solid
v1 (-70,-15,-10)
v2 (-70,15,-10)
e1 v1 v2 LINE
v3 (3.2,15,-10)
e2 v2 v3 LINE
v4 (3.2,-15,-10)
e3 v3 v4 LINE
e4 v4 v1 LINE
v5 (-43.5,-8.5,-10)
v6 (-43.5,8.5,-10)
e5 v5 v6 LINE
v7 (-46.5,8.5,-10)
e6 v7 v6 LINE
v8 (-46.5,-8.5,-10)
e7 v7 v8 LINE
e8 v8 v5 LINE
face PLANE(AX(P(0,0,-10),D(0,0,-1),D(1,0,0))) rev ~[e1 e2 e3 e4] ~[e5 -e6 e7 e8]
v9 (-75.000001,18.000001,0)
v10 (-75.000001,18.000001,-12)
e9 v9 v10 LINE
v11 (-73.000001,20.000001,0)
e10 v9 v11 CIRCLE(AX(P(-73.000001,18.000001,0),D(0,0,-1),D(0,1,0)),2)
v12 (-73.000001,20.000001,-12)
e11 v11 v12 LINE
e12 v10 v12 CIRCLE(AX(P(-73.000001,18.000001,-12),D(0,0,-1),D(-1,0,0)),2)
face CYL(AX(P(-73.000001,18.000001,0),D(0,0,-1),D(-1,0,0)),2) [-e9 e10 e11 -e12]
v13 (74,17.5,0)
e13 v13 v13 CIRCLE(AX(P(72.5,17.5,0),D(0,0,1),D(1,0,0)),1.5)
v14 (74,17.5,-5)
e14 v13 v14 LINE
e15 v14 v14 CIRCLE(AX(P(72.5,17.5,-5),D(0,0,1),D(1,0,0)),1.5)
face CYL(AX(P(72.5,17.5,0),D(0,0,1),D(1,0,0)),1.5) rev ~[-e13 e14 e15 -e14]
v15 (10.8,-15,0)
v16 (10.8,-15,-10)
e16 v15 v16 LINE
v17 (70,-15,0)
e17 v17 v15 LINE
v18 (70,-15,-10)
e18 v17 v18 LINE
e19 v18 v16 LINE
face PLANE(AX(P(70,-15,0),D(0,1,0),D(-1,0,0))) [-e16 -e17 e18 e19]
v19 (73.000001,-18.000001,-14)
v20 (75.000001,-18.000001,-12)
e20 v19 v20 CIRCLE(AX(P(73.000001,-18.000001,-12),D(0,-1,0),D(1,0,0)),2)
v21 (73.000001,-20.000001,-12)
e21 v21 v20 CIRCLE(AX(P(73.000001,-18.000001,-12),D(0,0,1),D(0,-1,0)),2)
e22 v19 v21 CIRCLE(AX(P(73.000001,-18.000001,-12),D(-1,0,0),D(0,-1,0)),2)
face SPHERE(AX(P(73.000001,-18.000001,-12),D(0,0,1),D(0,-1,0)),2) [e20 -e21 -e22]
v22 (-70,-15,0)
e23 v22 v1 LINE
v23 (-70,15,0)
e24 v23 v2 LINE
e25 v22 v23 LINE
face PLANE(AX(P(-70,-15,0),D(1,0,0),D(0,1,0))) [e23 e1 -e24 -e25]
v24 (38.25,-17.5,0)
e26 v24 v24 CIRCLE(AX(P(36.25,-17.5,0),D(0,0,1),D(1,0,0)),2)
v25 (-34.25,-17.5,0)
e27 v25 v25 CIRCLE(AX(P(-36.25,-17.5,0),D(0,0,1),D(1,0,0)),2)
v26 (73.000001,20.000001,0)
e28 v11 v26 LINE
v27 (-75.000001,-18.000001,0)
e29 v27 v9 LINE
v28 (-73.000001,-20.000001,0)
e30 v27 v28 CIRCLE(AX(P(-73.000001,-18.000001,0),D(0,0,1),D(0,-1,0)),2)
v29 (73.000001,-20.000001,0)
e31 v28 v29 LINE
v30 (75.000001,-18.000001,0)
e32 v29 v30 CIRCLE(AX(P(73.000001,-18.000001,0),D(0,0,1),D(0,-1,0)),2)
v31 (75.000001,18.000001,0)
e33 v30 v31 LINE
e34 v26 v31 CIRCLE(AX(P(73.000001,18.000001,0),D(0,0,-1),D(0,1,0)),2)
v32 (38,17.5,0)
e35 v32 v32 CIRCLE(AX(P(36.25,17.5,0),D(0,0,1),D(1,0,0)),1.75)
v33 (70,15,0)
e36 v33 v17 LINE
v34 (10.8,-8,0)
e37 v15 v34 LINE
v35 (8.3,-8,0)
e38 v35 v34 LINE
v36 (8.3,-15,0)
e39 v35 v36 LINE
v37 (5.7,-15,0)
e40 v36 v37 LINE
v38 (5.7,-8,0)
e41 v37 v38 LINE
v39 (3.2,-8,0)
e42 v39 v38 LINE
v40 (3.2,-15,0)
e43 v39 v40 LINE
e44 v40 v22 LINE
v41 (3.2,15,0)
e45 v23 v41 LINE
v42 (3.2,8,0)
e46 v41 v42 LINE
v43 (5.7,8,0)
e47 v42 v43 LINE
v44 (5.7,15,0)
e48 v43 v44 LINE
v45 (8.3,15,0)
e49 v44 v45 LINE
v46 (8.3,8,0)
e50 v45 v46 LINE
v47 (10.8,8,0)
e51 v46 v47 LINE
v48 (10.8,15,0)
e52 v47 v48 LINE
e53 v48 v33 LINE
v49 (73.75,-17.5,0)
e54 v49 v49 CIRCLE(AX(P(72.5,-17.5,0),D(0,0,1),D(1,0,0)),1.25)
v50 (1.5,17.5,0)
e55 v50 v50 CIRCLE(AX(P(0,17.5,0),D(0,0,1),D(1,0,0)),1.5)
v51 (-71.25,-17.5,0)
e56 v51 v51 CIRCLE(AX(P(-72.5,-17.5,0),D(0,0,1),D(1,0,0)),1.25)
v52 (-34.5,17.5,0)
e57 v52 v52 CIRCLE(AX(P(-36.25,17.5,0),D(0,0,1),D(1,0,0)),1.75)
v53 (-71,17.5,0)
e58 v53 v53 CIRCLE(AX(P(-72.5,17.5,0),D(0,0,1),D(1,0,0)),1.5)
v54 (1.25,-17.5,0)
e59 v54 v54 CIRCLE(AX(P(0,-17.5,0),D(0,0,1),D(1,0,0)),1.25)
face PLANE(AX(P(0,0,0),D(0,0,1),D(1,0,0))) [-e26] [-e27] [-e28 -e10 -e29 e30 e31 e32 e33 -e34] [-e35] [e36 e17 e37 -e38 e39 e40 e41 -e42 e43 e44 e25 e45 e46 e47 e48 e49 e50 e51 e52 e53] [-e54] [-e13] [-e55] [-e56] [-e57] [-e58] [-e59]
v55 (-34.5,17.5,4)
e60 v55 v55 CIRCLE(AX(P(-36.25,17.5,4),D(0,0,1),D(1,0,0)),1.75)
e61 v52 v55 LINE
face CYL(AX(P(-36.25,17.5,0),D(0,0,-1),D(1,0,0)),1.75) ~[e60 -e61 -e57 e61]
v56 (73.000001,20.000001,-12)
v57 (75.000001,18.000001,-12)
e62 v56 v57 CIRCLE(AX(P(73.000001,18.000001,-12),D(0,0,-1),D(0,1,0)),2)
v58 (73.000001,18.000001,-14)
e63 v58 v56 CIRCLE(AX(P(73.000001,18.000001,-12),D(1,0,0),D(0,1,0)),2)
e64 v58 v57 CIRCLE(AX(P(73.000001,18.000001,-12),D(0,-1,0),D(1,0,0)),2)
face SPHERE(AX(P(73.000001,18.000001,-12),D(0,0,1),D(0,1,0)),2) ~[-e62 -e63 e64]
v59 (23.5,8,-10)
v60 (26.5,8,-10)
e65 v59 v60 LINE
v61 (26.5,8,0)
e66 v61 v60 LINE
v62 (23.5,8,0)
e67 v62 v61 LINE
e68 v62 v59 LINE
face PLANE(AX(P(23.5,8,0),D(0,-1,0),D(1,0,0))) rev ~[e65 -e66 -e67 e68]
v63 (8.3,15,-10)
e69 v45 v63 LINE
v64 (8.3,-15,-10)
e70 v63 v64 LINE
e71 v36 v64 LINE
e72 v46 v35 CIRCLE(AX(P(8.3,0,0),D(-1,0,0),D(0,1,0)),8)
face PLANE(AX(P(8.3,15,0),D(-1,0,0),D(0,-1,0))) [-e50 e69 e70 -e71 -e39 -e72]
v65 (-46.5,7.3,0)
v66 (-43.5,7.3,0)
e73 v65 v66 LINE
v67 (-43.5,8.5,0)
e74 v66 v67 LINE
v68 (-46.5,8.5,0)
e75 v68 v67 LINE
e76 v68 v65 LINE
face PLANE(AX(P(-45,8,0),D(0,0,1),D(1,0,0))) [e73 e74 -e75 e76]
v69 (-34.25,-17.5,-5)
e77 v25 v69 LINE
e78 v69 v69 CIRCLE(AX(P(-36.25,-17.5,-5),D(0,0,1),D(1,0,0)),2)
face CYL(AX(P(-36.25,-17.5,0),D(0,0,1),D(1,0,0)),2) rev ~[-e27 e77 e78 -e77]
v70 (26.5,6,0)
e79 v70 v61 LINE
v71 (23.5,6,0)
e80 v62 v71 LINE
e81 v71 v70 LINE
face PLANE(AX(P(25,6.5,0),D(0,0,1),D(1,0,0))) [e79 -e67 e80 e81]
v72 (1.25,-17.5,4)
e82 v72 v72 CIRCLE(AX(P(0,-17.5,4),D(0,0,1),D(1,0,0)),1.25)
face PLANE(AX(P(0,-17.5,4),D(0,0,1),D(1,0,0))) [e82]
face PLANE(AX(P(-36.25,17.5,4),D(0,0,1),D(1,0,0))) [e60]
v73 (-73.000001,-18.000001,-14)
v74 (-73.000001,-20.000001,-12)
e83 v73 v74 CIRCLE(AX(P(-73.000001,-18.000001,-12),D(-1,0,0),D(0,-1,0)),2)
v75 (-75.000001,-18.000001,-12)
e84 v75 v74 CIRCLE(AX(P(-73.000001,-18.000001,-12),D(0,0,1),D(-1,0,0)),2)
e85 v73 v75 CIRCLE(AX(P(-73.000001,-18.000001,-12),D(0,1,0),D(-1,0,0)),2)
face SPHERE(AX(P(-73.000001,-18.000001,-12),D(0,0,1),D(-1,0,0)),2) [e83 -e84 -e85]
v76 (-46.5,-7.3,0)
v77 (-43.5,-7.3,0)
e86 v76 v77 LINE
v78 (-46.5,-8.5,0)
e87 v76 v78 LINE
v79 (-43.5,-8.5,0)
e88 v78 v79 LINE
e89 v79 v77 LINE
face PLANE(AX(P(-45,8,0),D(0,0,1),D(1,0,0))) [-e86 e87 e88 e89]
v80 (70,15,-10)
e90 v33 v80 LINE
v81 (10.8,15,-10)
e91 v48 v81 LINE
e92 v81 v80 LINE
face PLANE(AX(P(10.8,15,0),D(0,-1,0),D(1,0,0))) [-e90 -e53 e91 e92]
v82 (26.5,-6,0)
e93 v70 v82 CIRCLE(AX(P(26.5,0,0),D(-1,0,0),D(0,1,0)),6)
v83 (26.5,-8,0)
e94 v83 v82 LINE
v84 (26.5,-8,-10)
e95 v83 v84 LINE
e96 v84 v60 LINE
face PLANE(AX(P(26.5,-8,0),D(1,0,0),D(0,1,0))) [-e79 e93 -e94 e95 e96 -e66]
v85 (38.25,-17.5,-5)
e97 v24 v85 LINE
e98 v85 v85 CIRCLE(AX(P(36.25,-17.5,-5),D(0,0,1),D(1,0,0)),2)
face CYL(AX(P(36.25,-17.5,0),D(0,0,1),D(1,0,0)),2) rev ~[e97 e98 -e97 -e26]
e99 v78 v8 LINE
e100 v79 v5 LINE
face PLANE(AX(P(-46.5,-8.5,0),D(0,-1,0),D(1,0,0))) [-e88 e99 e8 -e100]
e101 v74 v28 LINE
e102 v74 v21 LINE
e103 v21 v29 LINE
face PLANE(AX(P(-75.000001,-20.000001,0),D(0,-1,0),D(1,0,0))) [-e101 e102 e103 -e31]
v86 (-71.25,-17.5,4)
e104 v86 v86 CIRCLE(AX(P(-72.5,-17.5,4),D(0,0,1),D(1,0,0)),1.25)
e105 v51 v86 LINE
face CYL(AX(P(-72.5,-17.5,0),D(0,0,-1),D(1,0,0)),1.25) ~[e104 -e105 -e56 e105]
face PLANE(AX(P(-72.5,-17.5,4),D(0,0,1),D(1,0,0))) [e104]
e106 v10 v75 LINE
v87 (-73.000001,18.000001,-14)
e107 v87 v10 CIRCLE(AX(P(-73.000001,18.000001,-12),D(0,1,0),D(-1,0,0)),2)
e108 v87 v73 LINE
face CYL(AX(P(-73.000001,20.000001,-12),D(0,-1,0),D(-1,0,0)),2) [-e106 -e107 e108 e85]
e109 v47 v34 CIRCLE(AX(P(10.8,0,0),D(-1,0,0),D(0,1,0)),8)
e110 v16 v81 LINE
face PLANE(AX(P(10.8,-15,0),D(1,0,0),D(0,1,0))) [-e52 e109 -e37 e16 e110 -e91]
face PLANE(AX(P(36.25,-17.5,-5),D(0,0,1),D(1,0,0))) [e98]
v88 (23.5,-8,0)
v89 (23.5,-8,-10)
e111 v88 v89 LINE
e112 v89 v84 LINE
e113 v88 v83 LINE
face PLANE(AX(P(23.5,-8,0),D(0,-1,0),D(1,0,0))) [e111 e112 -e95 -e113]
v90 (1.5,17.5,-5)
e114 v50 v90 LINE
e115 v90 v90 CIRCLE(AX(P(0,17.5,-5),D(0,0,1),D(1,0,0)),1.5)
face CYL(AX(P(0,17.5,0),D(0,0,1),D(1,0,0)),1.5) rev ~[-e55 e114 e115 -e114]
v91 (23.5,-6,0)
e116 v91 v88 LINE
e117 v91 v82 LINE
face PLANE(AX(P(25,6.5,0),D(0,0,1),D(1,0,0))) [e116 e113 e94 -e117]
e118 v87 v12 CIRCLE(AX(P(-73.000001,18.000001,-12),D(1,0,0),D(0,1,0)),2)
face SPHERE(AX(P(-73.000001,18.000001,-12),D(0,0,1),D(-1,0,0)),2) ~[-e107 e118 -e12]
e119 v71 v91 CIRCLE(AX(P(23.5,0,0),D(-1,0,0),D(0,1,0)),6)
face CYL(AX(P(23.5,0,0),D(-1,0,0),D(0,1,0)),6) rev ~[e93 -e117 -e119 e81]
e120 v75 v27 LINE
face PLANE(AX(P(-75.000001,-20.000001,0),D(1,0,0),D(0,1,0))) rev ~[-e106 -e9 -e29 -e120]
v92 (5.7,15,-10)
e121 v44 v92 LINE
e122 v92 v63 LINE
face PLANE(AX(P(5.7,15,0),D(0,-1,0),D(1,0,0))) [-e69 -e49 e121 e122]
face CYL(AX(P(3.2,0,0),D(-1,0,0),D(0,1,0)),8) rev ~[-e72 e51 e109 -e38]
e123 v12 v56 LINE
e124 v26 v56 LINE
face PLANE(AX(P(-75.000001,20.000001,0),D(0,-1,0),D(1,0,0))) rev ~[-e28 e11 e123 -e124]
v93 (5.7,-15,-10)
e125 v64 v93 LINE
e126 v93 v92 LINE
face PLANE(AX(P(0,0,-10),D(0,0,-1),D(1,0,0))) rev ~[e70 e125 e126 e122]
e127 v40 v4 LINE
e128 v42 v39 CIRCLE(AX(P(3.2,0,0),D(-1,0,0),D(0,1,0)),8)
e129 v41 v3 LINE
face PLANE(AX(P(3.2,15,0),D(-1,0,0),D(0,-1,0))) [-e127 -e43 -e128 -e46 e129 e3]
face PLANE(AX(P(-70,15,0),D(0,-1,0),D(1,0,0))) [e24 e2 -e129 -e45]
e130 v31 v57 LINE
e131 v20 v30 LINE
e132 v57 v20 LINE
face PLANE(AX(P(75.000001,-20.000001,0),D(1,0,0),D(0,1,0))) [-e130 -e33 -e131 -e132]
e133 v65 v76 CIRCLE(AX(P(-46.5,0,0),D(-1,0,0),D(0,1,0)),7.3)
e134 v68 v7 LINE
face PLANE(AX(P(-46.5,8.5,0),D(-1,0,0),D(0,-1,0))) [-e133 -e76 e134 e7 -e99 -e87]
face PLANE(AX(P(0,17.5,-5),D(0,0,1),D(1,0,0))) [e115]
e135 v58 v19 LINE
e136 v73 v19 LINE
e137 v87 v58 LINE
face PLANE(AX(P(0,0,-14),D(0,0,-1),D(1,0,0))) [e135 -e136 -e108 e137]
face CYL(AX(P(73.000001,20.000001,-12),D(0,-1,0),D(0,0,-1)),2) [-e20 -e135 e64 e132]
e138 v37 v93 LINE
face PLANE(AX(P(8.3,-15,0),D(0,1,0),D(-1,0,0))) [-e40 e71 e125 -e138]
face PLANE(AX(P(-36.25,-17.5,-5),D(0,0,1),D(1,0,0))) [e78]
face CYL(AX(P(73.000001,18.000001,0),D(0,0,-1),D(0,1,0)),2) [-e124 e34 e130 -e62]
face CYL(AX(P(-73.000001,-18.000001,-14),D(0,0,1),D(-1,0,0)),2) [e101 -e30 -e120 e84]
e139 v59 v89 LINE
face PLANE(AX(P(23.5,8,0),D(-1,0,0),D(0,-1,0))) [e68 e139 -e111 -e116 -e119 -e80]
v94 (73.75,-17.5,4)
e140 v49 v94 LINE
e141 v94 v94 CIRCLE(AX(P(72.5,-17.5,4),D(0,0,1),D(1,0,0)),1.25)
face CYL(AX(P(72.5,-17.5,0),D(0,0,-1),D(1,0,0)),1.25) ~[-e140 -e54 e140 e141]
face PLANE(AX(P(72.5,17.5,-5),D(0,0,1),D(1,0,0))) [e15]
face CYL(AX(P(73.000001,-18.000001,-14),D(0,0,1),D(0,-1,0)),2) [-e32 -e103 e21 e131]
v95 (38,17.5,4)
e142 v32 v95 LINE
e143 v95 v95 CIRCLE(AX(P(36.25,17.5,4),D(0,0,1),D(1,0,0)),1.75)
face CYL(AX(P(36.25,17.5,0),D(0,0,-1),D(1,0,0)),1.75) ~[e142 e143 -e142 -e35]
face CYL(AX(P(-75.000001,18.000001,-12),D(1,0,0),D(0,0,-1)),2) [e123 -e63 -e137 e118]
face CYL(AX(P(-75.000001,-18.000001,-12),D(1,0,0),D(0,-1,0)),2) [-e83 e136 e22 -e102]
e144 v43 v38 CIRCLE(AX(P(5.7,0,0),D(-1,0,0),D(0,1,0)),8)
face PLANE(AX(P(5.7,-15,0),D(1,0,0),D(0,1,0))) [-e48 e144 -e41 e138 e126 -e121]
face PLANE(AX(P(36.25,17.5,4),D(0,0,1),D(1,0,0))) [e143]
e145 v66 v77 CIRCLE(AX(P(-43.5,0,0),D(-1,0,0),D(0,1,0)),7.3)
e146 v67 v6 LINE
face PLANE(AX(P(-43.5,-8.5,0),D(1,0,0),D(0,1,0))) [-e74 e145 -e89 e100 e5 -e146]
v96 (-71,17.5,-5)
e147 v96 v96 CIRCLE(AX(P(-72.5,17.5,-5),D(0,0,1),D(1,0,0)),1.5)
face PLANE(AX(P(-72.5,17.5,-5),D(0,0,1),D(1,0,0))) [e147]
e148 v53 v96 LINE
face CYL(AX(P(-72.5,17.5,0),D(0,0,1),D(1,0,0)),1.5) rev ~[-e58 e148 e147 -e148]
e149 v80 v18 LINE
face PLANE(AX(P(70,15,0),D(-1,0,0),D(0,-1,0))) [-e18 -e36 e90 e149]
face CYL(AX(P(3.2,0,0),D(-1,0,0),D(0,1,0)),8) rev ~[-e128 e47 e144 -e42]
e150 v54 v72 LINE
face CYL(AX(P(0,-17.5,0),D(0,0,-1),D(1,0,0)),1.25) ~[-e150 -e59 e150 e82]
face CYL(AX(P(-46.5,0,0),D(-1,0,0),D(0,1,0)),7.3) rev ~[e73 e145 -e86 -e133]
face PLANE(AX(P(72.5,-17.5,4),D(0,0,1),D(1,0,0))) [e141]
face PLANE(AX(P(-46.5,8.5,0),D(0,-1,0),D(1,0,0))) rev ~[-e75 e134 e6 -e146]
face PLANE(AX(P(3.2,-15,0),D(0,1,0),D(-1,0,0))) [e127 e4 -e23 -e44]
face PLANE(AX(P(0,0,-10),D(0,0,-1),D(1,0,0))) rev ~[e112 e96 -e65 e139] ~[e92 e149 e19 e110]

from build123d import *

# Parameters (mm, degrees)
F0_W      = 3
F0_H      = 1
F0_H_2    = 15
F1_DEPTH  = 10
F0_W_2    = 150.0000016391
F0_H_3    = 40.0000016391
F0_R      = 1.25
F0_R_2    = 2
F0_R_3    = 1.5
F0_R_4    = 1.75
F0_W_3    = 2.5
F0_H_4    = 7.5
F0_H_5    = 3
F0_H_6    = 10
F3_DEPTH  = 3
F5_DEPTH  = 7.6
F7_DEPTH  = 3
F8_DEPTH  = 4
F9_DEPTH  = 5
F10_W     = 150.0000016391
F10_H     = 40.0000016391
F10_W_2   = 73.2
F10_H_2   = 30
F10_W_3   = 2.6
F10_W_4   = 59.2
F11_DEPTH = 4
F13_R     = 2


with BuildPart() as f1:
    # F0 (on Top) → F1 (new body)
    with BuildSketch(Plane.XY):
        with Locations((-45, 8)):
            Rectangle(F0_W, F0_H)
        with Locations((-45, 0)):
            Rectangle(F0_W, F0_H_2)
        with Locations((-45, -8)):
            Rectangle(F0_W, F0_H)
    extrude(amount=-F1_DEPTH)

    # F2 (on face) → F3 (cut, through all)
    with BuildSketch(Plane(origin=(-46.5, 0, 0), x_dir=(0, -1, 0), z_dir=(-1, 0, 0))):
        with BuildLine():
            ThreePointArc((-7.3, 0), (0, -7.3), (7.3, 0))
            Line((7.3, 0), (-7.3, 0))
        make_face()
    extrude(amount=-F3_DEPTH, mode=Mode.SUBTRACT)


with BuildPart() as f1b:
    # F0 (on Top) → F1, piece 2 (new body)
    with BuildSketch(Plane.XY):
        Rectangle(F0_W_2, F0_H_3)
        with Locations((-72.5000004098, -17.5000004098)):
            Circle(F0_R, mode=Mode.SUBTRACT)
        with Locations((-36.2500004098, -17.5000004098)):
            Circle(F0_R_2, mode=Mode.SUBTRACT)
        with Locations((-4.098e-07, -17.5000004098)):
            Circle(F0_R, mode=Mode.SUBTRACT)
        with Locations((36.2499995902, -17.5000004098)):
            Circle(F0_R_2, mode=Mode.SUBTRACT)
        with Locations((72.4999995902, -17.5000004098)):
            Circle(F0_R, mode=Mode.SUBTRACT)
        Polygon((-70, -15), (-70, 15), (3.2, 15), (5.7, 15), (8.3, 15), (10.8, 15), (70, 15), (70, -15), (10.8, -15), (8.3, -15), (5.7, -15), (3.2, -15), align=None, mode=Mode.SUBTRACT)
        with Locations((-72.5000004098, 17.4999995902)):
            Circle(F0_R_3, mode=Mode.SUBTRACT)
        with Locations((-36.2500004098, 17.4999995902)):
            Circle(F0_R_4, mode=Mode.SUBTRACT)
        with Locations((-4.098e-07, 17.4999995902)):
            Circle(F0_R_3, mode=Mode.SUBTRACT)
        with Locations((36.2499995902, 17.4999995902)):
            Circle(F0_R_4, mode=Mode.SUBTRACT)
        with Locations((72.4999995902, 17.4999995902)):
            Circle(F0_R_3, mode=Mode.SUBTRACT)
        with Locations((9.55, 0)):
            Rectangle(F0_W_3, F0_H_2)
        with Locations((4.45, 0)):
            Rectangle(F0_W_3, F0_H_2)
        with Locations((4.45, 11.25)):
            Rectangle(F0_W_3, F0_H_4)
        with Locations((9.55, 11.25)):
            Rectangle(F0_W_3, F0_H_4)
        with Locations((4.45, -11.25)):
            Rectangle(F0_W_3, F0_H_4)
        with Locations((9.55, -11.25)):
            Rectangle(F0_W_3, F0_H_4)
        with Locations((-36.2500004098, -17.5000004098)):
            Circle(F0_R_2)
        with Locations((36.2499995902, -17.5000004098)):
            Circle(F0_R_2)
        with Locations((-36.2500004098, 17.4999995902)):
            Circle(F0_R_4)
        with Locations((36.2499995902, 17.4999995902)):
            Circle(F0_R_4)
        with Locations((72.4999995902, 17.4999995902)):
            Circle(F0_R_3)
        with Locations((-4.098e-07, 17.4999995902)):
            Circle(F0_R_3)
        with Locations((-72.5000004098, 17.4999995902)):
            Circle(F0_R_3)
        with Locations((-72.5000004098, -17.5000004098)):
            Circle(F0_R)
        with Locations((-4.098e-07, -17.5000004098)):
            Circle(F0_R)
        with Locations((72.4999995902, -17.5000004098)):
            Circle(F0_R)
    extrude(amount=-F1_DEPTH)

    # F4 (on face) → F5 (cut, through all)
    with BuildSketch(Plane(origin=(3.2, 0, 0), x_dir=(0, -1, 0), z_dir=(-1, 0, 0))):
        with BuildLine():
            ThreePointArc((-8, 0), (0, -8), (8, 0))
            Line((8, 0), (-8, 0))
        make_face()
    extrude(amount=-F5_DEPTH, mode=Mode.SUBTRACT)

    # F0 (on Top) → F8 (join)
    with BuildSketch(Plane.XY):
        with Locations((-72.5000004098, -17.5000004098)):
            Circle(F0_R)
        with Locations((-4.098e-07, -17.5000004098)):
            Circle(F0_R)
        with Locations((72.4999995902, -17.5000004098)):
            Circle(F0_R)
        with Locations((-36.2500004098, 17.4999995902)):
            Circle(F0_R_4)
        with Locations((36.2499995902, 17.4999995902)):
            Circle(F0_R_4)
    extrude(amount=F8_DEPTH)

    # F0 (on Top) → F9 (cut)
    with BuildSketch(Plane.XY):
        with Locations((-4.098e-07, 17.4999995902)):
            Circle(F0_R_3)
        with Locations((72.4999995902, 17.4999995902)):
            Circle(F0_R_3)
        with Locations((-72.5000004098, 17.4999995902)):
            Circle(F0_R_3)
        with Locations((-36.2500004098, -17.5000004098)):
            Circle(F0_R_2)
        with Locations((36.2499995902, -17.5000004098)):
            Circle(F0_R_2)
    extrude(amount=-F9_DEPTH, mode=Mode.SUBTRACT)


with BuildPart() as f1c:
    # F0 (on Top) → F1, piece 3 (new body)
    with BuildSketch(Plane.XY):
        with Locations((25, 6.5)):
            Rectangle(F0_W, F0_H_5)
        with Locations((25, 0)):
            Rectangle(F0_W, F0_H_6)
        with Locations((25, -6.5)):
            Rectangle(F0_W, F0_H_5)
    extrude(amount=-F1_DEPTH)

    # F6 (on face) → F7 (cut, through all)
    with BuildSketch(Plane(origin=(23.5, 0, 0), x_dir=(0, -1, 0), z_dir=(-1, 0, 0))):
        with BuildLine():
            ThreePointArc((-6, 0), (0, -6), (6, 0))
            Line((6, 0), (-6, 0))
        make_face()
    extrude(amount=-F7_DEPTH, mode=Mode.SUBTRACT)


with BuildPart() as f11:
    # F10 (on face) → F11 (new body)
    with BuildSketch(Plane(origin=(0, 0, -10), x_dir=(1, 0, 0), z_dir=(0, 0, -1))):
        Rectangle(F10_W, F10_H)
        with Locations((-33.4, 0)):
            Rectangle(F10_W_2, F10_H_2, mode=Mode.SUBTRACT)
        with Locations((7, 0)):
            Rectangle(F10_W_3, F10_H_2, mode=Mode.SUBTRACT)
        with Locations((40.4, 0)):
            Rectangle(F10_W_4, F10_H_2, mode=Mode.SUBTRACT)
        with Locations((-33.4, 0)):
            Rectangle(F10_W_2, F10_H_2)
        with Locations((40.4, 0)):
            Rectangle(F10_W_4, F10_H_2)
        with Locations((7, 0)):
            Rectangle(F10_W_3, F10_H_2)
    extrude(amount=F11_DEPTH)

    # F12: union F1c, F1b, F1
    add(f1c.part)
    add(f1b.part)
    add(f1.part)

    # F13
    f13_edges = [f11.edges().sort_by_distance(p)[0] for p in [
        (-75.000001, -20.000001, -7),
        (75.000001, -20.000001, -7),
        (75.000001, 20.000001, -7),
        (-75.000001, 20.000001, -7),
        (-75.000001, 0, -14),
        (0, -20.000001, -14),
        (0, 20.000001, -14),
        (75.000001, 0, -14),
    ]]
    fillet(f13_edges, radius=F13_R)


solid = f11.part
